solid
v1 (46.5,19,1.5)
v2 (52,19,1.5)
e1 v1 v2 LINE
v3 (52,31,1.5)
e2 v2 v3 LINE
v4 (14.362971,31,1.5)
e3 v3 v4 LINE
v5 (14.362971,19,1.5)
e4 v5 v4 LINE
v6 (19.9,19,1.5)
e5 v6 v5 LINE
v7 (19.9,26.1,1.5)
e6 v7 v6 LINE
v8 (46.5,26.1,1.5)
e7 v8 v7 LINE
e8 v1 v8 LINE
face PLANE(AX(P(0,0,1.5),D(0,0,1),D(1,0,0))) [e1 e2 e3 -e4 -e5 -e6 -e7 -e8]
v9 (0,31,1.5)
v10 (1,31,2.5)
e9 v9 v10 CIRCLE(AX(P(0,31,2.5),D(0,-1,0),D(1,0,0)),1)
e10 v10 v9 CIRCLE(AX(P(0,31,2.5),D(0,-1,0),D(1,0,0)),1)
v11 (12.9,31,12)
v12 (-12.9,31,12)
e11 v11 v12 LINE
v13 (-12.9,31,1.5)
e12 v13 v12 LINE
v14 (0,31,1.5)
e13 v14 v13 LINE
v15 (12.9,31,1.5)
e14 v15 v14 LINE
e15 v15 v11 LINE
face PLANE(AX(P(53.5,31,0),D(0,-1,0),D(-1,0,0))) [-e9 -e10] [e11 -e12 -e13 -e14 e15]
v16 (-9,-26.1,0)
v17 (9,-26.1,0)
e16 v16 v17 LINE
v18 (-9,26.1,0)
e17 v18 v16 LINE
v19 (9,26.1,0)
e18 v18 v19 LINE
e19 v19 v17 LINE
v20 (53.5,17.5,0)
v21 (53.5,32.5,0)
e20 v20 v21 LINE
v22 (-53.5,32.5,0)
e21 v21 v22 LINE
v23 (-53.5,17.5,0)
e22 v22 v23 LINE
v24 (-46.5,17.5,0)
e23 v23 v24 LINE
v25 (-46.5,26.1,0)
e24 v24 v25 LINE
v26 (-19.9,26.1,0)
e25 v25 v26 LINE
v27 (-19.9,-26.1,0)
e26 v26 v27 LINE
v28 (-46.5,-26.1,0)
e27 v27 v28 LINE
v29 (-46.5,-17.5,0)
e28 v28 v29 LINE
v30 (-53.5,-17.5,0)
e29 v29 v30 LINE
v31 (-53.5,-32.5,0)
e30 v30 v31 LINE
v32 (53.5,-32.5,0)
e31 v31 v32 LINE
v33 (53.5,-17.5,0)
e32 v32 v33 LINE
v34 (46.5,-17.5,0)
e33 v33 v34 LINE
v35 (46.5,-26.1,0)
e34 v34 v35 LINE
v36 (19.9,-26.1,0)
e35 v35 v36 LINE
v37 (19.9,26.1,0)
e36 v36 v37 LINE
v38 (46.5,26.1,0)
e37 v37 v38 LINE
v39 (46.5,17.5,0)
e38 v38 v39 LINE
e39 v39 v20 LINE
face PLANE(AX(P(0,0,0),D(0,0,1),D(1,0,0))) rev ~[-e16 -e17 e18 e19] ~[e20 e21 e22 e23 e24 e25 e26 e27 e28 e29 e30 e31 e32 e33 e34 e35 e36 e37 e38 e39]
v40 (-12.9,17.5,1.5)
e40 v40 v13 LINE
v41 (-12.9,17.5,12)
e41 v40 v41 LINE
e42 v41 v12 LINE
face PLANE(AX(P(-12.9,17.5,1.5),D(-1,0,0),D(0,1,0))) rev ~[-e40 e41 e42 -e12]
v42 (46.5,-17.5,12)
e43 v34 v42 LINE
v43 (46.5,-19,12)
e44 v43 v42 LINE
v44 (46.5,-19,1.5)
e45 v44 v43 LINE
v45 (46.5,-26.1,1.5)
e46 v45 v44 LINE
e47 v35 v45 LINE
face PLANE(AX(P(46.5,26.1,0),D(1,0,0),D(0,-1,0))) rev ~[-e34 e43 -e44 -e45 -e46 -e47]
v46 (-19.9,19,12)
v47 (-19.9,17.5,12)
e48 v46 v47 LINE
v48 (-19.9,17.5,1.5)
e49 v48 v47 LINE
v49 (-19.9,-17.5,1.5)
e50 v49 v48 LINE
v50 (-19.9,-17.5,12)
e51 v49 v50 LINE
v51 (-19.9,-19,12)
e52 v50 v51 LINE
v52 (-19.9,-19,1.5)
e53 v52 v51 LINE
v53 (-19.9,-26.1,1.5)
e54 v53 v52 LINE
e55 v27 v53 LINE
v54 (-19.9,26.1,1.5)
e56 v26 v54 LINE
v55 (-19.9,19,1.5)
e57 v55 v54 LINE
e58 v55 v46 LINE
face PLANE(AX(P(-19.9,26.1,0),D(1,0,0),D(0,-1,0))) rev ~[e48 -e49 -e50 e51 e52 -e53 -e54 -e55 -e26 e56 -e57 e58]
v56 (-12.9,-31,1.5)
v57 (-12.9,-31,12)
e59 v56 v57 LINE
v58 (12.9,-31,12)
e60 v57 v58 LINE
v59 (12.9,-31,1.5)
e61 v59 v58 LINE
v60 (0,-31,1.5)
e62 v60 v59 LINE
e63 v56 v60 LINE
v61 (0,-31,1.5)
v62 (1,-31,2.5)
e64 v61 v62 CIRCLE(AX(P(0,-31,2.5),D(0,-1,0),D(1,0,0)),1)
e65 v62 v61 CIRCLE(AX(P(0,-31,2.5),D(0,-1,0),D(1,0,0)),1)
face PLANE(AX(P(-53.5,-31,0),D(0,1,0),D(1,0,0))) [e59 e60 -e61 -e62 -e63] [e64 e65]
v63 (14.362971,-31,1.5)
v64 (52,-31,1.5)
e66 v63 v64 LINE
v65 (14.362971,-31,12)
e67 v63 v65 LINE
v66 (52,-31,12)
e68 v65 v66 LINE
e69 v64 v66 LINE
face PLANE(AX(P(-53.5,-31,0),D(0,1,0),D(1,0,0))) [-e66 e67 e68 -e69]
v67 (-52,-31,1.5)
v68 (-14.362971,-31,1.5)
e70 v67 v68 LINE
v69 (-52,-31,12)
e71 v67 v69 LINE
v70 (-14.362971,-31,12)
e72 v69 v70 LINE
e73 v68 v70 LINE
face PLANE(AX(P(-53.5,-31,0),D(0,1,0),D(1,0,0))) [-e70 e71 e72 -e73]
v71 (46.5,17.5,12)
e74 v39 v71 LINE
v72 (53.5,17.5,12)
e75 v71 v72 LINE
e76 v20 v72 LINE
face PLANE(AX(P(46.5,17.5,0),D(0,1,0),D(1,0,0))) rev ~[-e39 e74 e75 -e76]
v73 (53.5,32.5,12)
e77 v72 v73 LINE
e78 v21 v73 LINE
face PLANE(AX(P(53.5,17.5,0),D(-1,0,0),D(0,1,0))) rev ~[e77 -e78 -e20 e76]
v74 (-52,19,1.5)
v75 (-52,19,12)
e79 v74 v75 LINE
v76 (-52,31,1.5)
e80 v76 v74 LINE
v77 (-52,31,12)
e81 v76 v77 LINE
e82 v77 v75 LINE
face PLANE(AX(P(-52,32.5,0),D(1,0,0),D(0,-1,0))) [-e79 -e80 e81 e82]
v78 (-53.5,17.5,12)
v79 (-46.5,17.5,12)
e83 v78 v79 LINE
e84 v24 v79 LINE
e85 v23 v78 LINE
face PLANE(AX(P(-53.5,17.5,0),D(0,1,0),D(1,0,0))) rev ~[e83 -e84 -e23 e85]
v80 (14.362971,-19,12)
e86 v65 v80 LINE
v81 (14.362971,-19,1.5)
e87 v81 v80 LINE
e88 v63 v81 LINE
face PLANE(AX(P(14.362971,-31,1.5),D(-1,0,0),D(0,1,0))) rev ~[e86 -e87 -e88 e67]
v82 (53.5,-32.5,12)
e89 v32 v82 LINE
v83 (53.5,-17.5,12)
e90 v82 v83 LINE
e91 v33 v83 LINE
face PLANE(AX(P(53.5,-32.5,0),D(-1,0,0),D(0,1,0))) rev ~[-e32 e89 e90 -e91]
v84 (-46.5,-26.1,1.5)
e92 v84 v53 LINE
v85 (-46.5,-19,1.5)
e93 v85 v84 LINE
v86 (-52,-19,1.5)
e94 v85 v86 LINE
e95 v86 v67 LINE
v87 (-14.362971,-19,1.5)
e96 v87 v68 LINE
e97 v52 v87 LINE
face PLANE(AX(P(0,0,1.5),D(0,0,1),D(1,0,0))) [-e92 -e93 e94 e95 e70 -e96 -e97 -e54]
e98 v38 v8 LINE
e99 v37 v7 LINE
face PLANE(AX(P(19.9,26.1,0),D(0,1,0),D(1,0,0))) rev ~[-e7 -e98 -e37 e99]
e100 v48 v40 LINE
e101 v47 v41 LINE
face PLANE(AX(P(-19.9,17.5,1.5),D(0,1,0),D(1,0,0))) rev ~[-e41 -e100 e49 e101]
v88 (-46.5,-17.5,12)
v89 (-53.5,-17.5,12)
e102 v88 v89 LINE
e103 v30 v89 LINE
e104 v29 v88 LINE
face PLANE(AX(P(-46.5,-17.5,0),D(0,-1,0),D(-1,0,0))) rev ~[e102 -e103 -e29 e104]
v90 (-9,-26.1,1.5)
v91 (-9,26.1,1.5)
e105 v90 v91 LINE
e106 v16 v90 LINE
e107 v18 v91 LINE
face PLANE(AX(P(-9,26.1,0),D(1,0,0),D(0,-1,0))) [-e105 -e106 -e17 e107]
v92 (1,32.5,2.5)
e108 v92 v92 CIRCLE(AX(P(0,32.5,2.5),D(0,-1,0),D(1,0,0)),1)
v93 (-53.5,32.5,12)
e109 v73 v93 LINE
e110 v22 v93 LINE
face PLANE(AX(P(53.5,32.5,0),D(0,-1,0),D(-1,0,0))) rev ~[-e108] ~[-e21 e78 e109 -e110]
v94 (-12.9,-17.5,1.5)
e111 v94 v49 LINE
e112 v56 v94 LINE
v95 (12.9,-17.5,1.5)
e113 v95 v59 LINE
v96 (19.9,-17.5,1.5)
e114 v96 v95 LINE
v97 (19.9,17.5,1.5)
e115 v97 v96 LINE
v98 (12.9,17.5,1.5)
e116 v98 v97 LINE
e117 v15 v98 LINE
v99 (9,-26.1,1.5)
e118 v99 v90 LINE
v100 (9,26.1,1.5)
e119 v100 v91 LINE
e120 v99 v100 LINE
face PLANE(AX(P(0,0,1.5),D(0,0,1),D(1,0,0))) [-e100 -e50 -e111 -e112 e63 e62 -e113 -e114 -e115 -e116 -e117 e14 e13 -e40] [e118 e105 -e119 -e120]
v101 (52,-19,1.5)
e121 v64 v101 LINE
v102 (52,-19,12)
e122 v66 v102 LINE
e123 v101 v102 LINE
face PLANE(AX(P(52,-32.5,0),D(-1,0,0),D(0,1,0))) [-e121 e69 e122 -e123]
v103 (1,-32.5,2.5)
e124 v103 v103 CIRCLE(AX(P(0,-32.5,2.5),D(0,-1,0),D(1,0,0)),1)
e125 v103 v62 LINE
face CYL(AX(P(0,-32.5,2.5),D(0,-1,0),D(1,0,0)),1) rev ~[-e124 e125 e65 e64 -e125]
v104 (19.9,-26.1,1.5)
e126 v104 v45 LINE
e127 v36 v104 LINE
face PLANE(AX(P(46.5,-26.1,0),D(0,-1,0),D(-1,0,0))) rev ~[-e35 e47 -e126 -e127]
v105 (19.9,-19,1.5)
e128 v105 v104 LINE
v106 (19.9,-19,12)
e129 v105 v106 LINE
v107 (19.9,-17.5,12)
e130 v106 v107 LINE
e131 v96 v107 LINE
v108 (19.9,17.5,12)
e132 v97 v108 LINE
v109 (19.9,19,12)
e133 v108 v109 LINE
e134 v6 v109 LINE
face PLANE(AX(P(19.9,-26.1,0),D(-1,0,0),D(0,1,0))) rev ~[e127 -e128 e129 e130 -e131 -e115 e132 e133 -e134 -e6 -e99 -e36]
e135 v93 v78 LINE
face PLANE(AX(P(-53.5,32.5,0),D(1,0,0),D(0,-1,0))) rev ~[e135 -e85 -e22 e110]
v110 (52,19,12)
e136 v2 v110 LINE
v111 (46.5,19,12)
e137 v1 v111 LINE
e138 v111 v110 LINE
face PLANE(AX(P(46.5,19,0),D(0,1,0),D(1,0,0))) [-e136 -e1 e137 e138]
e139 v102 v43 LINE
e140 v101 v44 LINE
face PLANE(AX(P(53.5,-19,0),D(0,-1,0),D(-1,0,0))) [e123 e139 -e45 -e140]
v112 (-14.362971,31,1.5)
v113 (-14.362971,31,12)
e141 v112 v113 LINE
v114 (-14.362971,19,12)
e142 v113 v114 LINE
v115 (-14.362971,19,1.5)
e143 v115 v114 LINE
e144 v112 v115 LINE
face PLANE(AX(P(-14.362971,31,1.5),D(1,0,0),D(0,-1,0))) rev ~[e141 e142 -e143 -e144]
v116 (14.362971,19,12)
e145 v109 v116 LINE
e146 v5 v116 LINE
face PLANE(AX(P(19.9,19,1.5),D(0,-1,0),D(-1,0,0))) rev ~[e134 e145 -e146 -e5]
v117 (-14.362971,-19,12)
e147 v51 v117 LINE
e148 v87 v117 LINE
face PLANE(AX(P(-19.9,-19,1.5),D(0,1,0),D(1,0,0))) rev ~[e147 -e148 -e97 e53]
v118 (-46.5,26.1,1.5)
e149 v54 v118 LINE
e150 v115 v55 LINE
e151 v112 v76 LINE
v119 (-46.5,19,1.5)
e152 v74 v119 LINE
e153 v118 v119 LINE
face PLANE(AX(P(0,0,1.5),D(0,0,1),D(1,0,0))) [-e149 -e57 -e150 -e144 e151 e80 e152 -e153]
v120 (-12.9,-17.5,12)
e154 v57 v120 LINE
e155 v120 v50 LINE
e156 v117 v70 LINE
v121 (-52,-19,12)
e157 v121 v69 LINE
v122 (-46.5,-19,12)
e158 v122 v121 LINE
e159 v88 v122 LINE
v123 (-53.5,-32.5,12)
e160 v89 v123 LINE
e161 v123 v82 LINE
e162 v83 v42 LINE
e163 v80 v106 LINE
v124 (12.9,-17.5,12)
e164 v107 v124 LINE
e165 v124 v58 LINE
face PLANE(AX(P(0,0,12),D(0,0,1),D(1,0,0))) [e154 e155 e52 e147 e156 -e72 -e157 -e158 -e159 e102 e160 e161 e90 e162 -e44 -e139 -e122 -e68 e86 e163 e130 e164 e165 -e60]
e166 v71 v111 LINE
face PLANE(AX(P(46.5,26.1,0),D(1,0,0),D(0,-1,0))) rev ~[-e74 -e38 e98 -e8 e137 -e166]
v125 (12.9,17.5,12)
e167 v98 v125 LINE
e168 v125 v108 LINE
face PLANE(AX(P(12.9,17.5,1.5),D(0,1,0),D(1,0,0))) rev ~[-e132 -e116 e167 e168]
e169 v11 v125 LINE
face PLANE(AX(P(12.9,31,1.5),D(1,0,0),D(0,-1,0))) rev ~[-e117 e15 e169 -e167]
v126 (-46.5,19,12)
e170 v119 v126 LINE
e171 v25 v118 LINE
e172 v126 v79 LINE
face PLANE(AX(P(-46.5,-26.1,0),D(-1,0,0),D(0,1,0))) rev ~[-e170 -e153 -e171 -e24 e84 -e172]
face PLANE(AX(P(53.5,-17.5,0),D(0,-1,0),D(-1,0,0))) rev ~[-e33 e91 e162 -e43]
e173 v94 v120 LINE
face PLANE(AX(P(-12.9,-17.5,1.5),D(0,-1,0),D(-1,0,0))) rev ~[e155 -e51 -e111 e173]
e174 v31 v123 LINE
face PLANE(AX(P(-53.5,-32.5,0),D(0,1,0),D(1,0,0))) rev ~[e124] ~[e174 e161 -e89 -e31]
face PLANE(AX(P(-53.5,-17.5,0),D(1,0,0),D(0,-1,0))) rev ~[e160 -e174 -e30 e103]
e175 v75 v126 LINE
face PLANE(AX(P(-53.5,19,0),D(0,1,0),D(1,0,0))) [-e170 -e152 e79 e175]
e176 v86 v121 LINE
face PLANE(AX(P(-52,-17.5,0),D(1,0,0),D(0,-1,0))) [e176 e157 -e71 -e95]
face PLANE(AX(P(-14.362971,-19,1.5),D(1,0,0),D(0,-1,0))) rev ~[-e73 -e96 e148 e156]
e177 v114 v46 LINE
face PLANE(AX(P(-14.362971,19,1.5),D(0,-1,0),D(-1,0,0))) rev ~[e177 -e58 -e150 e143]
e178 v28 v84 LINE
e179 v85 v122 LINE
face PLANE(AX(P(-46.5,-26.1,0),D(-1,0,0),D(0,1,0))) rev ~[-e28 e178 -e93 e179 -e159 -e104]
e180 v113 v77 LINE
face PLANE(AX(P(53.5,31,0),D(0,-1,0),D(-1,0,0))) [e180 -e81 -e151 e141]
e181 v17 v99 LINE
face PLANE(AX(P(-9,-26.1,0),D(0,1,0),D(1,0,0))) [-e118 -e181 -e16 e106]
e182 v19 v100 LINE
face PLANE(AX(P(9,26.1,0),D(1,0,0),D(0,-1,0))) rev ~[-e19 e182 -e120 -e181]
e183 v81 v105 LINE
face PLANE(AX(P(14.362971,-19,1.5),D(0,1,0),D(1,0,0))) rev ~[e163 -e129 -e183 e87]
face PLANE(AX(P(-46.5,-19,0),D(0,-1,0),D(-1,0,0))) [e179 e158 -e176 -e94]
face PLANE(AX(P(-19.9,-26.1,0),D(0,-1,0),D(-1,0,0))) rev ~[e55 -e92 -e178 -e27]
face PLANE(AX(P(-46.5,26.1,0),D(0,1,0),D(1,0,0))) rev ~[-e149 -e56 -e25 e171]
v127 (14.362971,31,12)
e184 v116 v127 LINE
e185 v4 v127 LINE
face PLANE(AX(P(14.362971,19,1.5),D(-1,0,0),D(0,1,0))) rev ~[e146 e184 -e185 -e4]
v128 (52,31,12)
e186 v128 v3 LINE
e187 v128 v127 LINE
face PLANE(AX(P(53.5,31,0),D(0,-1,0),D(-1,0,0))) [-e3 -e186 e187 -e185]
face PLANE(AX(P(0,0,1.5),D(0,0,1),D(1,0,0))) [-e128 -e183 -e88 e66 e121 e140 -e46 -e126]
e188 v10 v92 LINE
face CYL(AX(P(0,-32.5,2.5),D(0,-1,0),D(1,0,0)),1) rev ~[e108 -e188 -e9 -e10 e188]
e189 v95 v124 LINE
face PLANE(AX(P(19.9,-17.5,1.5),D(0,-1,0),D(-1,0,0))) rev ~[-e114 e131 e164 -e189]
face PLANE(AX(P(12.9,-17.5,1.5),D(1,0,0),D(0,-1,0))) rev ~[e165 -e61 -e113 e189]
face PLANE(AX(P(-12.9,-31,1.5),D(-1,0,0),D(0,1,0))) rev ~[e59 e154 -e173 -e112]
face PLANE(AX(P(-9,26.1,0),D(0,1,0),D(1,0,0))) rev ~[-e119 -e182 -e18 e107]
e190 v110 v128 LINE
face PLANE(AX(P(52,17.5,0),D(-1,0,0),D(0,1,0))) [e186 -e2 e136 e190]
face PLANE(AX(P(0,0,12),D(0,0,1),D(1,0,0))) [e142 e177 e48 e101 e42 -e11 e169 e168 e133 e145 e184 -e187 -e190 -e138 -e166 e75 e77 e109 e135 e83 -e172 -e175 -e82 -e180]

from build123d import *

# Parameters (mm, degrees)
F1_DEPTH = 12
F2_T     = -1.5
F3_R     = 1
F4_DEPTH = 70
F5_W     = 18
F5_H     = 52.2
F6_DEPTH = 25
F9_DEPTH = 10.5


with BuildPart() as f1:
    # F0 (on Top) → F1 (new body)
    with BuildSketch(Plane.XY):
        Polygon((53.5, 32.5), (0, 32.5), (-53.5, 32.5), (-53.5, 17.5), (-46.5, 17.5), (-46.5, 0), (-46.5, -17.5), (-53.5, -17.5), (-53.5, -32.5), (0, -32.5), (53.5, -32.5), (53.5, -17.5), (46.5, -17.5), (46.5, 0), (46.5, 17.5), (53.5, 17.5), align=None)
    extrude(amount=F1_DEPTH)

    # F2
    f2_openings = [f1.faces().sort_by_distance(p)[0] for p in [
        (0, 0, 12),
    ]]
    offset(amount=F2_T, openings=f2_openings)

    # F3 (on face) → F4 (cut)
    with BuildSketch(Plane.XZ.offset(32.5)):
        with Locations((0, 2.5)):
            Circle(F3_R)
    extrude(amount=-F4_DEPTH, mode=Mode.SUBTRACT)

    # F5 (on face) → F6 (cut)
    with BuildSketch(Plane(origin=(0, 0, 0), x_dir=(1, 0, 0), z_dir=(0, 0, -1))):
        Polygon((-19.9, 26.1), (-46.5, 26.1), (-46.5, 17.5), (-46.5, -17.5), (-46.5, -26.1), (-19.9, -26.1), align=None)
        Rectangle(F5_W, F5_H)
        Polygon((46.5, -17.5), (46.5, 17.5), (46.5, 26.1), (19.9, 26.1), (19.9, -26.1), (46.5, -26.1), align=None)
    extrude(amount=-F6_DEPTH, mode=Mode.SUBTRACT)

    # F8 (on face) → F9 (join)
    with BuildSketch(Plane.XY.offset(1.5)):
        Polygon((-19.9, 17.5), (-12.9, 17.5), (-12.9, 31), (-14.362971, 31), (-14.362971, 19), (-19.9, 19), align=None)
        Polygon((12.9, 31), (12.9, 17.5), (19.9, 17.5), (19.9, 19), (14.362971, 19), (14.362971, 31), align=None)
        Polygon((19.9, -17.5), (12.9, -17.5), (12.9, -31), (14.362971, -31), (14.362971, -19), (19.9, -19), align=None)
        Polygon((-19.9, -17.5), (-19.9, -19), (-14.362971, -19), (-14.362971, -31), (-12.9, -31), (-12.9, -17.5), align=None)
    extrude(amount=F9_DEPTH)


solid = f1.part
